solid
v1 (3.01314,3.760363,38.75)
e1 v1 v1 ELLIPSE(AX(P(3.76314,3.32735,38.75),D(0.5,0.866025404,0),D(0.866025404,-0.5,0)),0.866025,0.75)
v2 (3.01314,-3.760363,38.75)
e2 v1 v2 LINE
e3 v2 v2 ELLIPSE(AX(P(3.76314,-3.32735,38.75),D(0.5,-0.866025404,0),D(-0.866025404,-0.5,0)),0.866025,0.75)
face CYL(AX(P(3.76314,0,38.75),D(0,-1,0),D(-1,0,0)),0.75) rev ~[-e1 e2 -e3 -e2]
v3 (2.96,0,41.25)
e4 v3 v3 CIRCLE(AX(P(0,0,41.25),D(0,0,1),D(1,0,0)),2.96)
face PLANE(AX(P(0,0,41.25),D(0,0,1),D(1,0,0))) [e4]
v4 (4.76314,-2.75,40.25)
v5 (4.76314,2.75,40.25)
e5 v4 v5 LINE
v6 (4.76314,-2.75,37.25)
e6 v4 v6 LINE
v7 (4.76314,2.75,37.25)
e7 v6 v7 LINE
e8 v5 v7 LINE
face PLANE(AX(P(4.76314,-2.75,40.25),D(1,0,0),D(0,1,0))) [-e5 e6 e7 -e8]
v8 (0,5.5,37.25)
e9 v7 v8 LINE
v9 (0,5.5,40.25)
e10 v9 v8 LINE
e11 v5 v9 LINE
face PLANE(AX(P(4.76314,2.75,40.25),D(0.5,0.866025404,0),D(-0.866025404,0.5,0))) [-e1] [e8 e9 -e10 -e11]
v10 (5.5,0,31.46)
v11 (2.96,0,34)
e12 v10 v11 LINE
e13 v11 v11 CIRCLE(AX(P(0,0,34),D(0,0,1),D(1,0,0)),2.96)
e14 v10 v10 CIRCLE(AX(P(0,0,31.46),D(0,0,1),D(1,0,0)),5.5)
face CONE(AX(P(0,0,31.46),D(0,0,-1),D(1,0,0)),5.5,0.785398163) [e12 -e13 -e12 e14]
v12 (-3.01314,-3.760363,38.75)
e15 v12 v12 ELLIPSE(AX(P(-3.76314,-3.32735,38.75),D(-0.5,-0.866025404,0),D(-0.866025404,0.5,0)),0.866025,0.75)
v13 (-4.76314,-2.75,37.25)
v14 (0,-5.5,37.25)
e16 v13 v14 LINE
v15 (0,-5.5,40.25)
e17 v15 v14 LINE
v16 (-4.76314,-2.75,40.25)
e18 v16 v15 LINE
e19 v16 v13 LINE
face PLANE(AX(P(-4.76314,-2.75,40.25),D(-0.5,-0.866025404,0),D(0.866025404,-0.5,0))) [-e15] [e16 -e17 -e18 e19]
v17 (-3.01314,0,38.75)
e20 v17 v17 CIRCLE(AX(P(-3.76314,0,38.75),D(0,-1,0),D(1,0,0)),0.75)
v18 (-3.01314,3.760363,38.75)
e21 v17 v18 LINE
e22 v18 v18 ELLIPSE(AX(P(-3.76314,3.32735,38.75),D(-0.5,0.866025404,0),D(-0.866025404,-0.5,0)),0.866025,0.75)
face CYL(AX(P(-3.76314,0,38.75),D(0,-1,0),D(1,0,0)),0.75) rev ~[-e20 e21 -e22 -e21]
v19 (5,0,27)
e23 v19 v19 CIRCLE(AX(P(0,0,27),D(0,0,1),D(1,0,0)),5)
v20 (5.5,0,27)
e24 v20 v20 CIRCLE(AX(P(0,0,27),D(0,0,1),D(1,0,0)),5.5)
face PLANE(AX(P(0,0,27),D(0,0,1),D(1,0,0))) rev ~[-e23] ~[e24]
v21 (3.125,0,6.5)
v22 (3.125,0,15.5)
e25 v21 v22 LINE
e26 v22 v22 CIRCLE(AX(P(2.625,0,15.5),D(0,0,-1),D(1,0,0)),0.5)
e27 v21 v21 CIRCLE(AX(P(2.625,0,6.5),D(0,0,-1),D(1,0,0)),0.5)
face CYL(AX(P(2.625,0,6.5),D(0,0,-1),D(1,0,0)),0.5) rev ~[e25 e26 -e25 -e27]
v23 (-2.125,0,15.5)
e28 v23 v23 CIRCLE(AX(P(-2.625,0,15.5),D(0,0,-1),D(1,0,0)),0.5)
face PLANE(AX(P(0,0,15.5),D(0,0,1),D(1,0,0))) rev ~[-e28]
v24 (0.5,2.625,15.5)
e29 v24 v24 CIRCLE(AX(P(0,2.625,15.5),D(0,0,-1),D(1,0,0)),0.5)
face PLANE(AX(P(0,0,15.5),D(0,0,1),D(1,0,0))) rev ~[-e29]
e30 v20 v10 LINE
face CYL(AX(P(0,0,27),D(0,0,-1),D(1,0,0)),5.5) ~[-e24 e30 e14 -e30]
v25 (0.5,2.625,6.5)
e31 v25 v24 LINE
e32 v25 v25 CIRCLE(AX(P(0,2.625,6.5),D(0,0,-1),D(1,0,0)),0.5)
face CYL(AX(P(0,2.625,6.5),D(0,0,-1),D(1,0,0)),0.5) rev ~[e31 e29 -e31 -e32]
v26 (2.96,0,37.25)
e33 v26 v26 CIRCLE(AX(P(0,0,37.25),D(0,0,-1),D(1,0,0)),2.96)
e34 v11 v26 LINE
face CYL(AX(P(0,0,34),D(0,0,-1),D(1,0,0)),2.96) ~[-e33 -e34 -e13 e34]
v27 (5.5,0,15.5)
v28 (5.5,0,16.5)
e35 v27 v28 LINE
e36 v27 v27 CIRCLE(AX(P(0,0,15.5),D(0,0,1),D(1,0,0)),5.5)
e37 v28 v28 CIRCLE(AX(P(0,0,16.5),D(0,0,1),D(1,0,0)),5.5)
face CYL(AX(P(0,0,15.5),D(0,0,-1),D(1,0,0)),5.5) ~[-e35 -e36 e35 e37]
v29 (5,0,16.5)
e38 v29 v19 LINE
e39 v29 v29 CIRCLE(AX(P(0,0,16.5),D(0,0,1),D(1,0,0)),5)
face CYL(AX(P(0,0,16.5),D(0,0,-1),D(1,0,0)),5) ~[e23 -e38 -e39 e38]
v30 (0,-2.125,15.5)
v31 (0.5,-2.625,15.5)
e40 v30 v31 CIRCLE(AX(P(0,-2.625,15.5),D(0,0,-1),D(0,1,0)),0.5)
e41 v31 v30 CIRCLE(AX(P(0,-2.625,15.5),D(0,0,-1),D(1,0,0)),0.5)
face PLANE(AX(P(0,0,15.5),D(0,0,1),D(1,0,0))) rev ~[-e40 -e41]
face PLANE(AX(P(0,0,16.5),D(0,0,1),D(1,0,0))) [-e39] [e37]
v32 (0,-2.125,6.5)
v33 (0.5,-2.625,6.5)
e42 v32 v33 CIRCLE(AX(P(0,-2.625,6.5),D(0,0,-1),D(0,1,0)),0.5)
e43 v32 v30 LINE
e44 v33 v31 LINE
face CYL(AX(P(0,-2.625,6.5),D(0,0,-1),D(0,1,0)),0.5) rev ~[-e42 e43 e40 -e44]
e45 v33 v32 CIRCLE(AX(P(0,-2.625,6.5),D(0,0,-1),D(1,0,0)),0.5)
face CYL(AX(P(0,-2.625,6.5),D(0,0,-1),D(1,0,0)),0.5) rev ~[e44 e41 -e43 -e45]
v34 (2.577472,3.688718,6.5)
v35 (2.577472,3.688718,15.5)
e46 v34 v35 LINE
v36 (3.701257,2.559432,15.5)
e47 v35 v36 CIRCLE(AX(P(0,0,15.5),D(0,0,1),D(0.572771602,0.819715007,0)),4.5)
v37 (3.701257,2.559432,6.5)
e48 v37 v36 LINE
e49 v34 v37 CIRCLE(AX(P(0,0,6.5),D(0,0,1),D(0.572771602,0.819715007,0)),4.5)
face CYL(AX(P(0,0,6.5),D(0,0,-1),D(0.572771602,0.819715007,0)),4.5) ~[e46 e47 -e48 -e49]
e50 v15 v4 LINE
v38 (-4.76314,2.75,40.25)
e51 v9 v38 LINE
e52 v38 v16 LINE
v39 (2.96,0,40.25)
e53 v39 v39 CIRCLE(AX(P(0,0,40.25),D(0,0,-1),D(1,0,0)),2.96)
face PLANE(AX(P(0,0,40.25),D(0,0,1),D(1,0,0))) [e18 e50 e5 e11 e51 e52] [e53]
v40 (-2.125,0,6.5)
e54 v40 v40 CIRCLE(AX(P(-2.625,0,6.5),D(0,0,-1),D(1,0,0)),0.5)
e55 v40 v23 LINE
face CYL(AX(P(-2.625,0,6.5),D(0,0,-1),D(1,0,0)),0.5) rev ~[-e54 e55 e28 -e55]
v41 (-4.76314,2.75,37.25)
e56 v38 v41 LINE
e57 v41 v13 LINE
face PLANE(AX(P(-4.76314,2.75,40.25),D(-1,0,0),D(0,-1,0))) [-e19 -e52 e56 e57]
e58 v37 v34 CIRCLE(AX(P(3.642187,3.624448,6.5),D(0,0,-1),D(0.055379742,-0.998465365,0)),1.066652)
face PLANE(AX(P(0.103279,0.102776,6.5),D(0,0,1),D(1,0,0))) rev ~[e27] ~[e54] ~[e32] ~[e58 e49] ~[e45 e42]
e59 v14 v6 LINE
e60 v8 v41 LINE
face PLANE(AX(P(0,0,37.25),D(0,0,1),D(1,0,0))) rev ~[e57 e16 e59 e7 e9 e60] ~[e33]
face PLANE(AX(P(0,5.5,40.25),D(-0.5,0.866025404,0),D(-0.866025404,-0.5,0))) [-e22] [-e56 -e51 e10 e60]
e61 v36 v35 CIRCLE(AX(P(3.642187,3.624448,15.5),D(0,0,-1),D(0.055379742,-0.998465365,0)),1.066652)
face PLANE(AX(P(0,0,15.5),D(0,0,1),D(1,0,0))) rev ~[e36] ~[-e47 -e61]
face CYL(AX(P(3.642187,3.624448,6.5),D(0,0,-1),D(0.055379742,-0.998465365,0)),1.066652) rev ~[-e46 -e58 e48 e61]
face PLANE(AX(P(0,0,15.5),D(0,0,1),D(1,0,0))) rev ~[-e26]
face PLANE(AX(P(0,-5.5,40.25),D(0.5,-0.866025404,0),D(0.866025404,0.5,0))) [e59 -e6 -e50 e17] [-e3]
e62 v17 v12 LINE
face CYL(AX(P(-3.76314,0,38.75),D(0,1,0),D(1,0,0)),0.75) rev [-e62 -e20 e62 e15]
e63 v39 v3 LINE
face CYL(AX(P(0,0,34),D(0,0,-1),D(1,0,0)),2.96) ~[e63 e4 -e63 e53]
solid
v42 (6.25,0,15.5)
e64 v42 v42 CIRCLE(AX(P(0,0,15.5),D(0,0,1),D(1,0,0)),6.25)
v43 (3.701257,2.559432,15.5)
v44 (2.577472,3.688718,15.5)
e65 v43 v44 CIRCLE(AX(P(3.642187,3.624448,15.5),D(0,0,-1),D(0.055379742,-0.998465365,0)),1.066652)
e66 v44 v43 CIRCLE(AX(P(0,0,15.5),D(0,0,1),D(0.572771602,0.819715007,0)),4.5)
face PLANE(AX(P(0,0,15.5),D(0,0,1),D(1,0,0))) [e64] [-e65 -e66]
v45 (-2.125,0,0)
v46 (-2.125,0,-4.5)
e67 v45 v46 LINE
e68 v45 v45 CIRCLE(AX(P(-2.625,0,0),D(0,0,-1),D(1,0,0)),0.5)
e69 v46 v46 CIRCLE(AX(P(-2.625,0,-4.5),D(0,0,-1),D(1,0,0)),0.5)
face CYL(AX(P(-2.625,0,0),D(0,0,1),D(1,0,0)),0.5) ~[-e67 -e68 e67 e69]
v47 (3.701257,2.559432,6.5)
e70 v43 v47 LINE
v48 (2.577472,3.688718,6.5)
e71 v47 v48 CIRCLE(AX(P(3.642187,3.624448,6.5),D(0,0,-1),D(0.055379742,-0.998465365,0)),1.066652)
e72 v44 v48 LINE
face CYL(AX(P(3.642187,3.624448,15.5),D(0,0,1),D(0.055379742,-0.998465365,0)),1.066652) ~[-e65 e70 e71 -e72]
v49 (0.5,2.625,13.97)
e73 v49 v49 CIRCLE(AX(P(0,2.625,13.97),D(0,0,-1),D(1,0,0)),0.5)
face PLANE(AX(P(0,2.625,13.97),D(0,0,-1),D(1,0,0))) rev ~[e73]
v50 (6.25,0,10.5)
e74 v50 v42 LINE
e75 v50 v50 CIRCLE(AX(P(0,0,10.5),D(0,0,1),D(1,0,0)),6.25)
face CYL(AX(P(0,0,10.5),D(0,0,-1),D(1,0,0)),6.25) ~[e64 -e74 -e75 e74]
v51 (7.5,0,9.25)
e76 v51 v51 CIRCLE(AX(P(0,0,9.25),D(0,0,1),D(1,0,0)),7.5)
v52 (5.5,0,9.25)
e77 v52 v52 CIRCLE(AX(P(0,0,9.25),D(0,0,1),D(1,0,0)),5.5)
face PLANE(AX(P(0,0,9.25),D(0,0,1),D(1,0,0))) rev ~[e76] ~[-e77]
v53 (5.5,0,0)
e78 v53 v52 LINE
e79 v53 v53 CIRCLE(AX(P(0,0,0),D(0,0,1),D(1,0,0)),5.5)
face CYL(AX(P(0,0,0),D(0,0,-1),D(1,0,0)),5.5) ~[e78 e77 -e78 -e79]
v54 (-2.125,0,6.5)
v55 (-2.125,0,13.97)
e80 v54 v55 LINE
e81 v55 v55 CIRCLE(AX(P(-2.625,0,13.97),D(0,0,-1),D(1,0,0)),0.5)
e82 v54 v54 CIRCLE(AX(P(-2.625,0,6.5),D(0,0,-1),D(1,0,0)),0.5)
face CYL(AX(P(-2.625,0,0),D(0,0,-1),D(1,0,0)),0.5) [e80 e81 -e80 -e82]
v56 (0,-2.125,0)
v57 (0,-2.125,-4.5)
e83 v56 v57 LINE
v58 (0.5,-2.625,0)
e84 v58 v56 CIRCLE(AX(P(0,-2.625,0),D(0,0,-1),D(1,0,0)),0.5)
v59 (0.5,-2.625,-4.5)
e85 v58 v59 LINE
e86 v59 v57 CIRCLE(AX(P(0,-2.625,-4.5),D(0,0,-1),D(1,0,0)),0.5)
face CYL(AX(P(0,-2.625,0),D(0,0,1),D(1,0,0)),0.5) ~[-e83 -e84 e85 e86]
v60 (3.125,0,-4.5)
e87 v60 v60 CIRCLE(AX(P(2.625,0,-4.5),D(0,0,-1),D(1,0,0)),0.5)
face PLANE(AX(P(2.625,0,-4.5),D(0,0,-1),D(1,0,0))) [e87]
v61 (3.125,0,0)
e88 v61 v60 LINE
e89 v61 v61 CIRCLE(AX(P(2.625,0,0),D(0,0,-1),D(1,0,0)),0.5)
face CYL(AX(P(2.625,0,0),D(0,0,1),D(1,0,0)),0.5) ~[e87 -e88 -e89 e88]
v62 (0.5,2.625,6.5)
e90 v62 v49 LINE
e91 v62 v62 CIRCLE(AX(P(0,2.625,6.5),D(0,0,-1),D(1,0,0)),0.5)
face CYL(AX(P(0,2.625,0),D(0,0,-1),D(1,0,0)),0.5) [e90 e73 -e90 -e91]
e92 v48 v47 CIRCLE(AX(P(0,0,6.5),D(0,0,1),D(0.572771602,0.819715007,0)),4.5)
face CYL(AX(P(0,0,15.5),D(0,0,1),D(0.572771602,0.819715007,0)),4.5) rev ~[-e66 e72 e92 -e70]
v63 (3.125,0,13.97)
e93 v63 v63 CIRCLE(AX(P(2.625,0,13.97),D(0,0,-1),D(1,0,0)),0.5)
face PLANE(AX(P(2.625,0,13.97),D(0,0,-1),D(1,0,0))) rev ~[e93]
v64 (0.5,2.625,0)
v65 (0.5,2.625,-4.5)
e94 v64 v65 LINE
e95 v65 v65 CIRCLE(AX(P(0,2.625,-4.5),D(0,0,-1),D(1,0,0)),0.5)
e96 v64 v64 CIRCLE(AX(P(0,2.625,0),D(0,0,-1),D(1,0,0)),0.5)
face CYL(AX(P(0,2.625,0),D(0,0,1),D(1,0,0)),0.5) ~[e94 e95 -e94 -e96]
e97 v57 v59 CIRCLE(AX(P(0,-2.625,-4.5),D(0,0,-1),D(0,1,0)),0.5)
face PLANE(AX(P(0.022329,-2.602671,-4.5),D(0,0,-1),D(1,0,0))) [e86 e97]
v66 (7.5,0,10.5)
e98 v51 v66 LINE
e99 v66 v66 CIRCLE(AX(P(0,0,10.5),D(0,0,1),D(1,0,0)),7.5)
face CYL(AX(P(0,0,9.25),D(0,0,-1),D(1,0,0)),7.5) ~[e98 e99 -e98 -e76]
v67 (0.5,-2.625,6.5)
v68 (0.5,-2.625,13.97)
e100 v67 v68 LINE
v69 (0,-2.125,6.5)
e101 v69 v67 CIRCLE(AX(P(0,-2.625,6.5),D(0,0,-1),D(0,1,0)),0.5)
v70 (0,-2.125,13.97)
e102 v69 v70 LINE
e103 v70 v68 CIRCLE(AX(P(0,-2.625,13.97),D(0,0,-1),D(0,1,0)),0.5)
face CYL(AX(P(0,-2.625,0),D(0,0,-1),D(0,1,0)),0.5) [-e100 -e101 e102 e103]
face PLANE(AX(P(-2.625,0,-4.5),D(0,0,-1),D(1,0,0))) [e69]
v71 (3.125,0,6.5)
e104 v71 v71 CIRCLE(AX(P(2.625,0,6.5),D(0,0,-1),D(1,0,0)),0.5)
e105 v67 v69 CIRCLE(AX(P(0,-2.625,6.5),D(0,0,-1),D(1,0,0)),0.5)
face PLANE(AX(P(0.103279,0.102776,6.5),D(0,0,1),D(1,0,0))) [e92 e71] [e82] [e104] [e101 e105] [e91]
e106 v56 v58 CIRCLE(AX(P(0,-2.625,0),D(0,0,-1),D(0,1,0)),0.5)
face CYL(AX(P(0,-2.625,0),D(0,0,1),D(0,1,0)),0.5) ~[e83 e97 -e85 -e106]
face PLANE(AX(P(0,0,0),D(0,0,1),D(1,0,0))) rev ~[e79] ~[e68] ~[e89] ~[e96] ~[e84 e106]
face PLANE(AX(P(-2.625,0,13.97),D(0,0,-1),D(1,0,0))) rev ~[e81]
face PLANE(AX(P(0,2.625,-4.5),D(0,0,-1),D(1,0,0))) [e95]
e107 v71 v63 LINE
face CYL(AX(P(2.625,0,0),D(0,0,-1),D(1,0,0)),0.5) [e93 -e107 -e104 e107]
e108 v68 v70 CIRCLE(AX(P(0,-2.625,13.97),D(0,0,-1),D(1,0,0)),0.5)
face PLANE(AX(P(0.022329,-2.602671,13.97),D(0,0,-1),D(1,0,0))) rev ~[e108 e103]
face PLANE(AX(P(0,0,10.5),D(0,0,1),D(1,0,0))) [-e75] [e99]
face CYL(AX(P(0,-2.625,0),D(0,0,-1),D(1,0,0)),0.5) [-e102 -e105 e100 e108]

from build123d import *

# Parameters (mm, degrees)
F0_R          = 5.5
F1_DEPTH      = 9.25
F2_R          = 0.5
F3_DEPTH      = 4.5
F3_DEPTH_BACK = 12.7
F4_R          = 7.5
F5_DEPTH      = 1.25
F6_R          = 6.25
F7_DEPTH      = 5
F9_DEPTH      = 9
F10_DEPTH     = 13.97
F11_DEPTH     = 9
F12_R         = 5.5
F13_DEPTH     = 1
F14_R         = 5
F15_DEPTH     = 10.5
F16_R         = 5.5
F17_DEPTH     = 7
F18_SIZE      = 2.54
F19_DEPTH     = 7.25
F22_DEPTH     = 3
F24_DEPTH     = 12.7


with BuildPart() as f1:
    # F0 (on Top) → F1 (new body)
    with BuildSketch(Plane.XY):
        Circle(F0_R)
    extrude(amount=F1_DEPTH)

    # F2 (on face) → F3 (join, two sides)
    with BuildSketch(Plane(origin=(0, 0, 0), x_dir=(1, 0, 0), z_dir=(0, 0, -1))) as f3_sk:
        with BuildLine():
            ThreePointArc((0, 2.125), (0.3535533906, 2.2714466094), (0.5, 2.625))
            ThreePointArc((0.5, 2.625), (-0.3535533906, 2.9785533906), (0, 2.125))
        make_face()
        with Locations((-2.625, 0)):
            Circle(F2_R)
        with Locations((0, -2.625)):
            Circle(F2_R)
        with Locations((2.625, 0)):
            Circle(F2_R)
    extrude(amount=F3_DEPTH)
    extrude(f3_sk.sketch, amount=-F3_DEPTH_BACK)

    # F4 (on face) → F5 (join)
    with BuildSketch(Plane.XY.offset(9.25)):
        Circle(F4_R)
    extrude(amount=F5_DEPTH)

    # F6 (on face) → F7 (join)
    with BuildSketch(Plane.XY.offset(10.5)):
        Circle(F6_R)
    extrude(amount=F7_DEPTH)

    # F8 (on face) → F9 (cut)
    with BuildSketch(Plane.XY.offset(15.5)):
        with BuildLine():
            ThreePointArc((3.7012574537, 2.5594322147), (2.8861104787, 2.8720539695), (2.5774722086, 3.6887175297))
            ThreePointArc((2.5774722086, 3.6887175297), (-3.1897386842, -3.1742033846), (3.7012574537, 2.5594322147))
        make_face()
    extrude(amount=-F9_DEPTH, mode=Mode.SUBTRACT)

    # F2 (on face) → F10 (join)
    with BuildSketch(Plane(origin=(0, 0, 0), x_dir=(1, 0, 0), z_dir=(0, 0, -1))):
        with BuildLine():
            ThreePointArc((0, 2.125), (0.3535533906, 2.2714466094), (0.5, 2.625))
            ThreePointArc((0.5, 2.625), (-0.3535533906, 2.9785533906), (0, 2.125))
        make_face()
        with Locations((-2.625, 0)):
            Circle(F2_R)
        with Locations((0, -2.625)):
            Circle(F2_R)
        with Locations((2.625, 0)):
            Circle(F2_R)
    extrude(amount=-F10_DEPTH)


with BuildPart() as f11:
    # F11 (new): a face of the model
    f11_faces = [f1.part.faces().sort_by_distance(p)[0] for p in [
        (-0.0239348951, -0.0238183226, 6.5),
    ]]
    extrude(f11_faces, amount=F11_DEPTH)

    # F12 (on face) → F13 (join)
    with BuildSketch(Plane.XY.offset(15.5)):
        Circle(F12_R)
    extrude(amount=F13_DEPTH)

    # F14 (on face) → F15 (join)
    with BuildSketch(Plane.XY.offset(16.5)):
        Circle(F14_R)
    extrude(amount=F15_DEPTH)

    # F16 (on face) → F17 (join)
    with BuildSketch(Plane.XY.offset(27)):
        Circle(F16_R)
    extrude(amount=F17_DEPTH)

    # F18
    f18_edges = [f11.edges().sort_by_distance(p)[0] for p in [
        (-5.5, 0, 34),
    ]]
    chamfer(f18_edges, length=F18_SIZE)

    # F19 (add): a face of the model
    f19_faces = [f11.faces().sort_by_distance(p)[0] for p in [
        (0, 0, 34),
    ]]
    extrude(f19_faces, amount=F19_DEPTH)

    # F21 (on offset) → F22 (join)
    with BuildSketch(Plane.XY.offset(40.25)):
        Polygon((0, -5.5), (4.7631397208, -2.75), (4.7631397208, 2.75), (0, 5.5), (-4.7631397208, 2.75), (-4.7631397208, -2.75), align=None)
    extrude(amount=-F22_DEPTH)

    # F23 (on Front) → F24 (cut, symmetric)
    with BuildSketch(Plane.XZ):
        with BuildLine():
            ThreePointArc((-4.5131397208, 38.75), (-3.7631397208, 38), (-3.0131397208, 38.75))
            Line((-3.0131397208, 38.75), (-3.7631397208, 38.75))
            Line((-3.7631397208, 38.75), (-4.5131397208, 38.75))
        make_face()
        with BuildLine():
            Line((-3.7631397208, 38.75), (-3.0131397208, 38.75))
            ThreePointArc((-3.0131397208, 38.75), (-3.7631397208, 39.5), (-4.5131397208, 38.75))
            Line((-4.5131397208, 38.75), (-3.7631397208, 38.75))
        make_face()
        with BuildLine():
            ThreePointArc((4.5131397208, 38.75), (3.7631397208, 39.5), (3.0131397208, 38.75))
            Line((3.0131397208, 38.75), (3.7631397208, 38.75))
            Line((3.7631397208, 38.75), (4.5131397208, 38.75))
        make_face()
        with BuildLine():
            Line((3.7631397208, 38.75), (3.0131397208, 38.75))
            ThreePointArc((3.0131397208, 38.75), (3.7631397208, 38), (4.5131397208, 38.75))
            Line((4.5131397208, 38.75), (3.7631397208, 38.75))
        make_face()
    extrude(amount=F24_DEPTH, both=True, mode=Mode.SUBTRACT)


solid = Compound([f1.part, f11.part])
